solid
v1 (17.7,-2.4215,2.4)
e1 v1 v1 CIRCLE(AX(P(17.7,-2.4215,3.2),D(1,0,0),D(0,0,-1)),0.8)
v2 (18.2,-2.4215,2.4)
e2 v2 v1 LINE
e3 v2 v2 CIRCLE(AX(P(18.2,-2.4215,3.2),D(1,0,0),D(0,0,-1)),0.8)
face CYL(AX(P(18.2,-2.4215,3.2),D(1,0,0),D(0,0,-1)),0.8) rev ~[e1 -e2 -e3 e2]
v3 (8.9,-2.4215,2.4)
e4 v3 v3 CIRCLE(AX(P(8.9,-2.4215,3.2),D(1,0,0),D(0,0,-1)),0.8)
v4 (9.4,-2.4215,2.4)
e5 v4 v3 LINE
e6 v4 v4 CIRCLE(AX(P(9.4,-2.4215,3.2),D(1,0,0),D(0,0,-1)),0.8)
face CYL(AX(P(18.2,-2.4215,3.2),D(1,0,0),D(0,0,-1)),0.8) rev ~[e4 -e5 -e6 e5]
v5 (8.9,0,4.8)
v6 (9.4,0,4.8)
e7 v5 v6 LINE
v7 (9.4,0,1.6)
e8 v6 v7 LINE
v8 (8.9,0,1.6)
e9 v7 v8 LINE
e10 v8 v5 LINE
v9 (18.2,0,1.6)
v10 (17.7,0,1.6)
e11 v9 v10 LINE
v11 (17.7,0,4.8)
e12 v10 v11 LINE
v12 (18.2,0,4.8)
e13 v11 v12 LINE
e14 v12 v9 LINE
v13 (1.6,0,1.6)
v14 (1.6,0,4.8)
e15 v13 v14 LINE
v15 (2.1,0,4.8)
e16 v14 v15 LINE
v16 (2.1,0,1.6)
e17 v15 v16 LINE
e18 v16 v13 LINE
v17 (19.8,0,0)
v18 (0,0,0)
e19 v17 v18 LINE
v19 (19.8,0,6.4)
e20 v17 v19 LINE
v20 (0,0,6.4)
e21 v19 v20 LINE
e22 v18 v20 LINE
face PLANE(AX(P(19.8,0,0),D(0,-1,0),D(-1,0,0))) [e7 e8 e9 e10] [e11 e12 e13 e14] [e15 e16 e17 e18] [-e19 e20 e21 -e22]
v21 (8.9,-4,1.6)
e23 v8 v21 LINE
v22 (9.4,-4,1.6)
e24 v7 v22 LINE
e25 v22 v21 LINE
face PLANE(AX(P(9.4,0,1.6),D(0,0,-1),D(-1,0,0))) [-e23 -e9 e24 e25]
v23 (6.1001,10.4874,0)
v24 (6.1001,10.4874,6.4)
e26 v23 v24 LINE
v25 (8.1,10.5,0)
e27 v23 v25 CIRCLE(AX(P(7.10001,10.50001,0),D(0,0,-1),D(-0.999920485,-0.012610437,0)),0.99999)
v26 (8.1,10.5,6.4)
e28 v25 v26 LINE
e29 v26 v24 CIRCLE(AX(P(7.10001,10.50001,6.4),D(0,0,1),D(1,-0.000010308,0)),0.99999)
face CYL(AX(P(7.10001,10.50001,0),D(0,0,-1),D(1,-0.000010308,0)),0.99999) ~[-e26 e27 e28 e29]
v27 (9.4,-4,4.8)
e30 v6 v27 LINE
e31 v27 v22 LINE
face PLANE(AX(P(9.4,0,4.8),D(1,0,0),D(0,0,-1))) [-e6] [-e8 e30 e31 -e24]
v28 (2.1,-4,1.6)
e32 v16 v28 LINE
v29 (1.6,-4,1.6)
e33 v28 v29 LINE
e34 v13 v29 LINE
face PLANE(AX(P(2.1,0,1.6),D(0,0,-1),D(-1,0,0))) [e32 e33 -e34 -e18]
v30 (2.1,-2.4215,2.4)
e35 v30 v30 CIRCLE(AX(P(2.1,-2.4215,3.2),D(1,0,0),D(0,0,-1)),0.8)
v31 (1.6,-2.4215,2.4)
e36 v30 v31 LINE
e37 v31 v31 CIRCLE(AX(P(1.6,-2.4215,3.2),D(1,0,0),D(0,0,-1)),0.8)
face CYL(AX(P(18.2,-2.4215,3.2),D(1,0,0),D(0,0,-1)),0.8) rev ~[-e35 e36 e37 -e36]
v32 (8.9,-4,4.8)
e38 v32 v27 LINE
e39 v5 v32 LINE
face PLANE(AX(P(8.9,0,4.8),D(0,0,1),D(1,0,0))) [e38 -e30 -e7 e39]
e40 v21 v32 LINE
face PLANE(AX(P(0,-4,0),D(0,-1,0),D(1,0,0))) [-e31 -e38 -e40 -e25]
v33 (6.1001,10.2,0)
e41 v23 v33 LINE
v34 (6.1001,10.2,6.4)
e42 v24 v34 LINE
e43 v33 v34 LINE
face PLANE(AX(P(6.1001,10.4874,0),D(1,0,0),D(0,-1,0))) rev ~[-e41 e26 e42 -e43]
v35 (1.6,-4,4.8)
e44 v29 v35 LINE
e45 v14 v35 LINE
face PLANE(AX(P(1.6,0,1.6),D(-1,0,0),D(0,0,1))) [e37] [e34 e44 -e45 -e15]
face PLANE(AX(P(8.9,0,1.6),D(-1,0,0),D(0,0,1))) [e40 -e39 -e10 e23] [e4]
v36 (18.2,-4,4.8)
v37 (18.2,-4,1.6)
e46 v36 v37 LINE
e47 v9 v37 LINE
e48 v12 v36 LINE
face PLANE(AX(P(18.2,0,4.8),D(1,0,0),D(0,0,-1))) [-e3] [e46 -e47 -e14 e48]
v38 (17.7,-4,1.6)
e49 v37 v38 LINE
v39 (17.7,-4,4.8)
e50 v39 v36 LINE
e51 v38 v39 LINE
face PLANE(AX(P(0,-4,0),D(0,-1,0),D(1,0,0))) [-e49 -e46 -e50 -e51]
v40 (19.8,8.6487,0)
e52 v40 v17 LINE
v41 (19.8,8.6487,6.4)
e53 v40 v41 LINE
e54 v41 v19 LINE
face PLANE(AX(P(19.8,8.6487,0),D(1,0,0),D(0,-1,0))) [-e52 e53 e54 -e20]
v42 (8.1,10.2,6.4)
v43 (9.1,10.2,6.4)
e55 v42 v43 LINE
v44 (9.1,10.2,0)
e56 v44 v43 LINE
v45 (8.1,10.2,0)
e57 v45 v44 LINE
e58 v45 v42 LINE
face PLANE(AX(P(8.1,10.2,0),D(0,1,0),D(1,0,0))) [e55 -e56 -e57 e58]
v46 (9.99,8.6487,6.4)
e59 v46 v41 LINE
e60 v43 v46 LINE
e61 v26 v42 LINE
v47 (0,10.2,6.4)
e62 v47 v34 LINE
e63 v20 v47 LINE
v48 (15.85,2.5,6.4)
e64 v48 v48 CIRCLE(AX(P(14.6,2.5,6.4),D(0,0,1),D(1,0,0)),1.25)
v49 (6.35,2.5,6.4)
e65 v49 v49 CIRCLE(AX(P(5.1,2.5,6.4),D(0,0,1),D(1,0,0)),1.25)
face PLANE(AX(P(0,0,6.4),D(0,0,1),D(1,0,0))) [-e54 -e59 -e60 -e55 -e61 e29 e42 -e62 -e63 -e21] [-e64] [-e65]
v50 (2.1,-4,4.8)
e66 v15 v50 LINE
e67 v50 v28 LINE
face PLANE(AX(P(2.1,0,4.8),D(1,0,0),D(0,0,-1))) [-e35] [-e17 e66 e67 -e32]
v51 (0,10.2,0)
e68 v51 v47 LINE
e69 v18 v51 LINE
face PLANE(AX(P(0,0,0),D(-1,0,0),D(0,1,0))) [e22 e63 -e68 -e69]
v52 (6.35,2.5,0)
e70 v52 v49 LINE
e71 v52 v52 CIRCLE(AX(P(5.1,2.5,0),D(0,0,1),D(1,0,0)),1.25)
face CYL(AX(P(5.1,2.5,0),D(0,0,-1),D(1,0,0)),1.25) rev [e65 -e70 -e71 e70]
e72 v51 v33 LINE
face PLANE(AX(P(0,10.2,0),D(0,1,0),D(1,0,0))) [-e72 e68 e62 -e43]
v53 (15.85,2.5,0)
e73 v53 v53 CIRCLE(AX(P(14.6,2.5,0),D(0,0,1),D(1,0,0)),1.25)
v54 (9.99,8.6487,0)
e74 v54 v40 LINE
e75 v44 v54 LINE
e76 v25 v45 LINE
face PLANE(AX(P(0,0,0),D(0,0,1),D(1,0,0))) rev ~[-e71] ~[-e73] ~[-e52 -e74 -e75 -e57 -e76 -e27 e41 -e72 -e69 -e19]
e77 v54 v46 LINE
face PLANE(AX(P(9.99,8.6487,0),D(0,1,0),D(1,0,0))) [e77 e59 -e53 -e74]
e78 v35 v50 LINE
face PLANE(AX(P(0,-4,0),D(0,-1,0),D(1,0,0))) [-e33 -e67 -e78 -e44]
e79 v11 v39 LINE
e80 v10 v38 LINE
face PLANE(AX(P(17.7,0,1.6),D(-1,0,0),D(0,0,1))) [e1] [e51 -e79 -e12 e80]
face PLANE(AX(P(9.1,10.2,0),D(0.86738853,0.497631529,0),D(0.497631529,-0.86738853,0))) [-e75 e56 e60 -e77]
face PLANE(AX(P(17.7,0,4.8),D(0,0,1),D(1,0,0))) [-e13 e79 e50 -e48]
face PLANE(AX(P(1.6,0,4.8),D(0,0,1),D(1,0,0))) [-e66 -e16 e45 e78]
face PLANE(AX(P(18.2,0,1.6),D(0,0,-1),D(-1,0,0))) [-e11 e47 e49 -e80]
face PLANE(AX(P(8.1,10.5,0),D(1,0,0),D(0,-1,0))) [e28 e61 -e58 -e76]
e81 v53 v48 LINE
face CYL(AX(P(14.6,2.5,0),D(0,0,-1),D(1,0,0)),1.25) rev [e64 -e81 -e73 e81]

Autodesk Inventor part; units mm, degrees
ref_plane "YZ Plane" through (0, 0, 0) normal (1, 0, 0) x (0, 1, 0)
ref_plane "XZ Plane" through (0, 0, 0) normal (0, 1, 0) x (-1, 0, 0)
ref_plane "XY Plane" through (0, 0, 0) normal (0, 0, 1) x (1, 0, 0)
sketch "Sketch1" plane through (0, 0, 0) normal (0, 0, 1) x (1, 0, 0)
  line L0 (0, 0) -> (0, 10.2)
  line L1 (0, 10.2) -> (9.1, 10.2)
  line L2 (9.1, 10.2) -> (9.99, 8.6487)
  line L3 (9.99, 8.6487) -> (19.8, 8.6487)
  line L4 (19.8, 8.6487) -> (19.8, 0)
  line L5 (19.8, 0) -> (0, 0)
  circle A0 centre (5.1, 2.5) radius 1.25
  circle A1 centre (14.6, 2.5) radius 1.25
  arc A2 (8.1, 10.5) -> (6.1001, 10.4874) centre (7.1, 10.5) ccw
  line L6 (8.1, 10.5) -> (8.1, 10.2)
  line L7 (6.1001, 10.5) -> (6.1001, 10.2)
  dimension "d0" = 9.1
  dimension "d1" = 10.2
  dimension "d2" = 19.8
  dimension "d3" = 2.5
  dimension "d4" = 5.1
  dimension "d5" = 2.5
  dimension "d6" = 9.5
  dimension "d7" = 2.5
  dimension "d8" = 2.5
  dimension "d9" = 2
  dimension "d10" = 7.5
  dimension "d11" = 10.5
extrude "Extrusion1" add sketch "Sketch1" along normal blind 6.4
sketch "Sketch3" plane through (0, 0, 0) normal (0, -1, 0) x (1, 0, 0)
  line L0 (8.9, 1.6) -> (8.9, 4.8)
  line L1 (8.9, 4.8) -> (9.4, 4.8)
  line L2 (9.4, 4.8) -> (9.4, 1.6)
  line L3 (9.4, 1.6) -> (8.9, 1.6)
  line L4 (17.7, 1.6) -> (17.7, 4.8)
  line L5 (17.7, 4.8) -> (18.2, 4.8)
  line L6 (18.2, 4.8) -> (18.2, 1.6)
  line L7 (18.2, 1.6) -> (17.7, 1.6)
  line L8 (1.6, 1.6) -> (1.6, 4.8)
  line L9 (1.6, 4.8) -> (2.1, 4.8)
  line L10 (2.1, 4.8) -> (2.1, 1.6)
  line L11 (2.1, 1.6) -> (1.6, 1.6)
extrude "Extrusion3" add sketch "Sketch3" along normal blind 4
sketch "Sketch4" plane through (18.2, 0, 4.8) normal (1, 0, 0) x (0, 0, -1)
  circle A0 centre (1.6, -2.4215) radius 0.8
  point P0 (4.8, 0)
  dimension "d24" = 1.6
extrude "Extrusion4" cut sketch "Sketch4" against normal blind 22
sketch "Sketch2" plane through (0, 0, 6.4) normal (0, 0, 1) x (1, 0, 0)
  line L0 (1.6916, 0) -> (2.1916, 0)
  line L1 (2.1916, 0) -> (2.1916, -4)
  line L2 (2.1916, -4) -> (1.6916, -4)
  line L3 (1.6916, -4) -> (1.6916, 0)
  line L4 (10.4916, 0) -> (10.9916, 0)
  line L5 (10.9916, 0) -> (10.9916, -4)
  line L6 (10.9916, -4) -> (10.4916, -4)
  line L7 (10.4916, -4) -> (10.4916, 0)
  line L8 (17.7916, 0) -> (18.2916, 0)
  line L9 (18.2916, 0) -> (18.2916, -4)
  line L10 (18.2916, -4) -> (17.7916, -4)
  line L11 (17.7916, -4) -> (17.7916, 0)
  point P0 (0, 0)
  point P1 (-19.8, 0)
  dimension "d14" = 0.5
  dimension "d15" = 4
  dimension "d16" = 0.5
  dimension "d17" = 0.5
  dimension "d18" = 8.3
  dimension "d19" = 6.8
properties part number "endstop"
